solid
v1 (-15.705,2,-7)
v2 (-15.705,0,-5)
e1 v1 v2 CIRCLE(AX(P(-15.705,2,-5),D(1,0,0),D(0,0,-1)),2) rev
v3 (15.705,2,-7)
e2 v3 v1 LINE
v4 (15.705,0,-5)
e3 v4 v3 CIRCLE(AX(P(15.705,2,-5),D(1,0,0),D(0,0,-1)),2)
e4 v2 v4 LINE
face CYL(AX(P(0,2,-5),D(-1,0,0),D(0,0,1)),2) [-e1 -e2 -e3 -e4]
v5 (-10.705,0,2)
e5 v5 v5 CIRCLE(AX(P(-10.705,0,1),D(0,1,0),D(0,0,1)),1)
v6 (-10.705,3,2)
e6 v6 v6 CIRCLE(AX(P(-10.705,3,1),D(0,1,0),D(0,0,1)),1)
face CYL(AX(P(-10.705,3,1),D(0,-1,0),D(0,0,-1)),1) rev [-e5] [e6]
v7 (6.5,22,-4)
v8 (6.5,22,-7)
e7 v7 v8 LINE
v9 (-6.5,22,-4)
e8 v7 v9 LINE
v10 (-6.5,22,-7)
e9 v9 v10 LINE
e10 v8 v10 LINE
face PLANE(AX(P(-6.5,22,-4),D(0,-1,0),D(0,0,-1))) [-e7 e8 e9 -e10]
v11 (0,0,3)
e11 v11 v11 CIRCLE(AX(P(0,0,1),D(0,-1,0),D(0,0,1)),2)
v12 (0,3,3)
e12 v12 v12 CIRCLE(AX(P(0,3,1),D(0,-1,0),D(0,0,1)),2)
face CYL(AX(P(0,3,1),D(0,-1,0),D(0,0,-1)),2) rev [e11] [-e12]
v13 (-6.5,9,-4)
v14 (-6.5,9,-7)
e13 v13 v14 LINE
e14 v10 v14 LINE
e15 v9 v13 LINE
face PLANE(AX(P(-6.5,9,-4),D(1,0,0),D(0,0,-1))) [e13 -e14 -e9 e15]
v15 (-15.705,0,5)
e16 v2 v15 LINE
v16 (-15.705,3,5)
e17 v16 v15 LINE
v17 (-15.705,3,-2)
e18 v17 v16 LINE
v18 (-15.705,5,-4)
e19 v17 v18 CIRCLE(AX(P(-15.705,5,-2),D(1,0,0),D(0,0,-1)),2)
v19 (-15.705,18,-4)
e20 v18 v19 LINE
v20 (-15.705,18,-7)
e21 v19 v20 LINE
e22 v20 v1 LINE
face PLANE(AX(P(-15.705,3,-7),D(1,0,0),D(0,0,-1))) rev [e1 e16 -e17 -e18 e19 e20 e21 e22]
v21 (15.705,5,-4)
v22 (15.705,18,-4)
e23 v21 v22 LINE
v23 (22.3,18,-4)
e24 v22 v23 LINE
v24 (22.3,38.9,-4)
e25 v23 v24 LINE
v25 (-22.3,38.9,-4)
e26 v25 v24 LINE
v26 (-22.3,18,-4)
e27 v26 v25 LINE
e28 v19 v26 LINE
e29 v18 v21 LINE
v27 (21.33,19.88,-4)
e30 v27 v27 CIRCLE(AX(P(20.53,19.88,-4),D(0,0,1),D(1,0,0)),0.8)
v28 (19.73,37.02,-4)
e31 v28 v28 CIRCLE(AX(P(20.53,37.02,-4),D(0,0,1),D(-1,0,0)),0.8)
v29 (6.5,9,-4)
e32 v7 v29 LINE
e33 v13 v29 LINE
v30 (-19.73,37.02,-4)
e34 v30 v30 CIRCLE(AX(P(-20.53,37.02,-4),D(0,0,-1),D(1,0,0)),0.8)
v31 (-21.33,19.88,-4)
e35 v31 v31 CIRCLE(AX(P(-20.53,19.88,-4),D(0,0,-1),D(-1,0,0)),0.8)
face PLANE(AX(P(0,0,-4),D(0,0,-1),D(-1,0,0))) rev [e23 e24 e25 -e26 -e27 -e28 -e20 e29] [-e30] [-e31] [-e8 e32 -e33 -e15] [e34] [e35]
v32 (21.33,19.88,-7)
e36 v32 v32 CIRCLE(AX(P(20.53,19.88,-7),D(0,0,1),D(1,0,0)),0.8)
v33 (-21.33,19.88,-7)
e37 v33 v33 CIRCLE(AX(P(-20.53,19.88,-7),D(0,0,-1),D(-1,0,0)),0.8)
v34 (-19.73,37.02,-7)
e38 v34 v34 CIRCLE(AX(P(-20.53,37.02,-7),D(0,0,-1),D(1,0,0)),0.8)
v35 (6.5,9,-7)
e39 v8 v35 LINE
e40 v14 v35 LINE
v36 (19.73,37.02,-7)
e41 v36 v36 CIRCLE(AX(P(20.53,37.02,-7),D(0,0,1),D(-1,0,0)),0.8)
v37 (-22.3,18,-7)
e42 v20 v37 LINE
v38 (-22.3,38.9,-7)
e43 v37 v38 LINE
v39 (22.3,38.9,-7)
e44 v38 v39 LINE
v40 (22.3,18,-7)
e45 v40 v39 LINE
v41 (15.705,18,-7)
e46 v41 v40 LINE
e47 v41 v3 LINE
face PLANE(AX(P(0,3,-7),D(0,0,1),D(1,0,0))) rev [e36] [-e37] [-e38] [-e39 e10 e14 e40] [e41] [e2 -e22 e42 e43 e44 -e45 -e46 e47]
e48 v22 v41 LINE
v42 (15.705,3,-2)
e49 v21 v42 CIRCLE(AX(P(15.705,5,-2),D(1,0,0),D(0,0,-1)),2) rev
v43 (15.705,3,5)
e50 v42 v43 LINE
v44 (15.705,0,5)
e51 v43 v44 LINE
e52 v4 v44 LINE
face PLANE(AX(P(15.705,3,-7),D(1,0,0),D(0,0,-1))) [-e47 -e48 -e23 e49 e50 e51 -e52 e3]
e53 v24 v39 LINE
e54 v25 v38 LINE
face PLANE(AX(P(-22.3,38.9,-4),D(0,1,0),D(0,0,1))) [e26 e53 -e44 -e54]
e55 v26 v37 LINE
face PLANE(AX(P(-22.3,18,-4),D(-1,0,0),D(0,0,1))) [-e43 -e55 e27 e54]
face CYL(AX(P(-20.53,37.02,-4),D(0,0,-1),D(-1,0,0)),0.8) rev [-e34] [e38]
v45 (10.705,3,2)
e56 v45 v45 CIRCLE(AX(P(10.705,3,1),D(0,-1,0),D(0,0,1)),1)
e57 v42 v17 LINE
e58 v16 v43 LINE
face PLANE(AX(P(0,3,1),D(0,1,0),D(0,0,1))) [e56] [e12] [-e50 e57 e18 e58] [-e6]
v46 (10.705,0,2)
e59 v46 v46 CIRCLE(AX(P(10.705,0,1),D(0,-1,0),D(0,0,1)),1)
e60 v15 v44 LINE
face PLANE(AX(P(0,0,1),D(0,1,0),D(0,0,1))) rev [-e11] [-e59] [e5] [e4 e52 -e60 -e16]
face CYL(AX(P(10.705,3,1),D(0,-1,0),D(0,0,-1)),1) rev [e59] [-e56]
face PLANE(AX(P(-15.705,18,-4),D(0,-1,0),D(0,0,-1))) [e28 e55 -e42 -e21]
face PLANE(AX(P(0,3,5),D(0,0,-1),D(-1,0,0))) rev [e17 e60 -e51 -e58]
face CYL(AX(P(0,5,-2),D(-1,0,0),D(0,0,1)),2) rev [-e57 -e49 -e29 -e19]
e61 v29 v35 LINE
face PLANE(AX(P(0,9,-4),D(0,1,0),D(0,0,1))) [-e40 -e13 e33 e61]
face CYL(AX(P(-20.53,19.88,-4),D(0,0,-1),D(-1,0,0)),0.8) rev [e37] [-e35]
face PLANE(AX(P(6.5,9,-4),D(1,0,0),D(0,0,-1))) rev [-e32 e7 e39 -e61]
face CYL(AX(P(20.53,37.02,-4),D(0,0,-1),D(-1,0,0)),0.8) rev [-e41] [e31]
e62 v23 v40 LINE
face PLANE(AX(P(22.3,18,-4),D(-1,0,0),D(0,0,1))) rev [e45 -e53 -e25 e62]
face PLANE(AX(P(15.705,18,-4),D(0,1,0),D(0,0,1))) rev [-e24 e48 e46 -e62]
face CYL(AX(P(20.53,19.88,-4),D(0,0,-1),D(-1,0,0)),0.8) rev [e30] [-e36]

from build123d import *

# Parameters (mm, degrees)
SKETCH1_R           = 1
BOSS_EXTRUDE1_DEPTH = 3
SKETCH2_R           = 0.8
BOSS_EXTRUDE2_DEPTH = 3
FILLET1_R           = 2


with BuildPart() as part:
    # Sketch1 → Boss-Extrude1 (new body)
    with BuildSketch(Plane(origin=(0, 0, 0), x_dir=(1, 0, 0), z_dir=(0, 1, 0))):
        with BuildLine():
            Line((0, -3), (0, -5))
            Line((0, -5), (-15.705, -5))
            Line((-15.705, -5), (-15.705, 7))
            Line((-15.705, 7), (0, 7))
            Line((0, 7), (0, 1))
            ThreePointArc((0, 1), (-2, -1), (0, -3))
        make_face()
        with Locations(Location((-10.705, -1, 0), (0, 0, 270))):
            Circle(SKETCH1_R, mode=Mode.SUBTRACT)
    boss_extrude1 = extrude(amount=BOSS_EXTRUDE1_DEPTH)

    # Sketch2 → Boss-Extrude2 (add)
    with BuildSketch(Plane(origin=(0, 0, -7), x_dir=(-1, 0, 0), z_dir=(0, 0, -1))):
        Polygon((15.705, 3), (15.705, 18), (22.3, 18), (22.3, 38.9), (0, 38.9), (0, 22), (6.5, 22), (6.5, 9), (0, 9), (0, 3), align=None)
        with Locations((20.53, 19.88)):
            Circle(SKETCH2_R, mode=Mode.SUBTRACT)
        with Locations(Location((20.53, 37.02, 0), (0, 0, 180))):
            Circle(SKETCH2_R, mode=Mode.SUBTRACT)
    boss_extrude2 = extrude(amount=-BOSS_EXTRUDE2_DEPTH)

    # Mirror1: Boss-Extrude1, Boss-Extrude2 across plane
    add(boss_extrude1.mirror(Plane(origin=(0, 0, 0), x_dir=(0, 0, 1), z_dir=(1, 0, 0))))
    add(boss_extrude2.mirror(Plane(origin=(0, 0, 0), x_dir=(0, 0, 1), z_dir=(1, 0, 0))))

    # Fillet1
    fillet1_edges = [part.edges().sort_by_distance(p)[0] for p in [
        (0, 3, -4),
        (0, 0, -7),
    ]]
    fillet(fillet1_edges, radius=FILLET1_R)


solid = part.part
